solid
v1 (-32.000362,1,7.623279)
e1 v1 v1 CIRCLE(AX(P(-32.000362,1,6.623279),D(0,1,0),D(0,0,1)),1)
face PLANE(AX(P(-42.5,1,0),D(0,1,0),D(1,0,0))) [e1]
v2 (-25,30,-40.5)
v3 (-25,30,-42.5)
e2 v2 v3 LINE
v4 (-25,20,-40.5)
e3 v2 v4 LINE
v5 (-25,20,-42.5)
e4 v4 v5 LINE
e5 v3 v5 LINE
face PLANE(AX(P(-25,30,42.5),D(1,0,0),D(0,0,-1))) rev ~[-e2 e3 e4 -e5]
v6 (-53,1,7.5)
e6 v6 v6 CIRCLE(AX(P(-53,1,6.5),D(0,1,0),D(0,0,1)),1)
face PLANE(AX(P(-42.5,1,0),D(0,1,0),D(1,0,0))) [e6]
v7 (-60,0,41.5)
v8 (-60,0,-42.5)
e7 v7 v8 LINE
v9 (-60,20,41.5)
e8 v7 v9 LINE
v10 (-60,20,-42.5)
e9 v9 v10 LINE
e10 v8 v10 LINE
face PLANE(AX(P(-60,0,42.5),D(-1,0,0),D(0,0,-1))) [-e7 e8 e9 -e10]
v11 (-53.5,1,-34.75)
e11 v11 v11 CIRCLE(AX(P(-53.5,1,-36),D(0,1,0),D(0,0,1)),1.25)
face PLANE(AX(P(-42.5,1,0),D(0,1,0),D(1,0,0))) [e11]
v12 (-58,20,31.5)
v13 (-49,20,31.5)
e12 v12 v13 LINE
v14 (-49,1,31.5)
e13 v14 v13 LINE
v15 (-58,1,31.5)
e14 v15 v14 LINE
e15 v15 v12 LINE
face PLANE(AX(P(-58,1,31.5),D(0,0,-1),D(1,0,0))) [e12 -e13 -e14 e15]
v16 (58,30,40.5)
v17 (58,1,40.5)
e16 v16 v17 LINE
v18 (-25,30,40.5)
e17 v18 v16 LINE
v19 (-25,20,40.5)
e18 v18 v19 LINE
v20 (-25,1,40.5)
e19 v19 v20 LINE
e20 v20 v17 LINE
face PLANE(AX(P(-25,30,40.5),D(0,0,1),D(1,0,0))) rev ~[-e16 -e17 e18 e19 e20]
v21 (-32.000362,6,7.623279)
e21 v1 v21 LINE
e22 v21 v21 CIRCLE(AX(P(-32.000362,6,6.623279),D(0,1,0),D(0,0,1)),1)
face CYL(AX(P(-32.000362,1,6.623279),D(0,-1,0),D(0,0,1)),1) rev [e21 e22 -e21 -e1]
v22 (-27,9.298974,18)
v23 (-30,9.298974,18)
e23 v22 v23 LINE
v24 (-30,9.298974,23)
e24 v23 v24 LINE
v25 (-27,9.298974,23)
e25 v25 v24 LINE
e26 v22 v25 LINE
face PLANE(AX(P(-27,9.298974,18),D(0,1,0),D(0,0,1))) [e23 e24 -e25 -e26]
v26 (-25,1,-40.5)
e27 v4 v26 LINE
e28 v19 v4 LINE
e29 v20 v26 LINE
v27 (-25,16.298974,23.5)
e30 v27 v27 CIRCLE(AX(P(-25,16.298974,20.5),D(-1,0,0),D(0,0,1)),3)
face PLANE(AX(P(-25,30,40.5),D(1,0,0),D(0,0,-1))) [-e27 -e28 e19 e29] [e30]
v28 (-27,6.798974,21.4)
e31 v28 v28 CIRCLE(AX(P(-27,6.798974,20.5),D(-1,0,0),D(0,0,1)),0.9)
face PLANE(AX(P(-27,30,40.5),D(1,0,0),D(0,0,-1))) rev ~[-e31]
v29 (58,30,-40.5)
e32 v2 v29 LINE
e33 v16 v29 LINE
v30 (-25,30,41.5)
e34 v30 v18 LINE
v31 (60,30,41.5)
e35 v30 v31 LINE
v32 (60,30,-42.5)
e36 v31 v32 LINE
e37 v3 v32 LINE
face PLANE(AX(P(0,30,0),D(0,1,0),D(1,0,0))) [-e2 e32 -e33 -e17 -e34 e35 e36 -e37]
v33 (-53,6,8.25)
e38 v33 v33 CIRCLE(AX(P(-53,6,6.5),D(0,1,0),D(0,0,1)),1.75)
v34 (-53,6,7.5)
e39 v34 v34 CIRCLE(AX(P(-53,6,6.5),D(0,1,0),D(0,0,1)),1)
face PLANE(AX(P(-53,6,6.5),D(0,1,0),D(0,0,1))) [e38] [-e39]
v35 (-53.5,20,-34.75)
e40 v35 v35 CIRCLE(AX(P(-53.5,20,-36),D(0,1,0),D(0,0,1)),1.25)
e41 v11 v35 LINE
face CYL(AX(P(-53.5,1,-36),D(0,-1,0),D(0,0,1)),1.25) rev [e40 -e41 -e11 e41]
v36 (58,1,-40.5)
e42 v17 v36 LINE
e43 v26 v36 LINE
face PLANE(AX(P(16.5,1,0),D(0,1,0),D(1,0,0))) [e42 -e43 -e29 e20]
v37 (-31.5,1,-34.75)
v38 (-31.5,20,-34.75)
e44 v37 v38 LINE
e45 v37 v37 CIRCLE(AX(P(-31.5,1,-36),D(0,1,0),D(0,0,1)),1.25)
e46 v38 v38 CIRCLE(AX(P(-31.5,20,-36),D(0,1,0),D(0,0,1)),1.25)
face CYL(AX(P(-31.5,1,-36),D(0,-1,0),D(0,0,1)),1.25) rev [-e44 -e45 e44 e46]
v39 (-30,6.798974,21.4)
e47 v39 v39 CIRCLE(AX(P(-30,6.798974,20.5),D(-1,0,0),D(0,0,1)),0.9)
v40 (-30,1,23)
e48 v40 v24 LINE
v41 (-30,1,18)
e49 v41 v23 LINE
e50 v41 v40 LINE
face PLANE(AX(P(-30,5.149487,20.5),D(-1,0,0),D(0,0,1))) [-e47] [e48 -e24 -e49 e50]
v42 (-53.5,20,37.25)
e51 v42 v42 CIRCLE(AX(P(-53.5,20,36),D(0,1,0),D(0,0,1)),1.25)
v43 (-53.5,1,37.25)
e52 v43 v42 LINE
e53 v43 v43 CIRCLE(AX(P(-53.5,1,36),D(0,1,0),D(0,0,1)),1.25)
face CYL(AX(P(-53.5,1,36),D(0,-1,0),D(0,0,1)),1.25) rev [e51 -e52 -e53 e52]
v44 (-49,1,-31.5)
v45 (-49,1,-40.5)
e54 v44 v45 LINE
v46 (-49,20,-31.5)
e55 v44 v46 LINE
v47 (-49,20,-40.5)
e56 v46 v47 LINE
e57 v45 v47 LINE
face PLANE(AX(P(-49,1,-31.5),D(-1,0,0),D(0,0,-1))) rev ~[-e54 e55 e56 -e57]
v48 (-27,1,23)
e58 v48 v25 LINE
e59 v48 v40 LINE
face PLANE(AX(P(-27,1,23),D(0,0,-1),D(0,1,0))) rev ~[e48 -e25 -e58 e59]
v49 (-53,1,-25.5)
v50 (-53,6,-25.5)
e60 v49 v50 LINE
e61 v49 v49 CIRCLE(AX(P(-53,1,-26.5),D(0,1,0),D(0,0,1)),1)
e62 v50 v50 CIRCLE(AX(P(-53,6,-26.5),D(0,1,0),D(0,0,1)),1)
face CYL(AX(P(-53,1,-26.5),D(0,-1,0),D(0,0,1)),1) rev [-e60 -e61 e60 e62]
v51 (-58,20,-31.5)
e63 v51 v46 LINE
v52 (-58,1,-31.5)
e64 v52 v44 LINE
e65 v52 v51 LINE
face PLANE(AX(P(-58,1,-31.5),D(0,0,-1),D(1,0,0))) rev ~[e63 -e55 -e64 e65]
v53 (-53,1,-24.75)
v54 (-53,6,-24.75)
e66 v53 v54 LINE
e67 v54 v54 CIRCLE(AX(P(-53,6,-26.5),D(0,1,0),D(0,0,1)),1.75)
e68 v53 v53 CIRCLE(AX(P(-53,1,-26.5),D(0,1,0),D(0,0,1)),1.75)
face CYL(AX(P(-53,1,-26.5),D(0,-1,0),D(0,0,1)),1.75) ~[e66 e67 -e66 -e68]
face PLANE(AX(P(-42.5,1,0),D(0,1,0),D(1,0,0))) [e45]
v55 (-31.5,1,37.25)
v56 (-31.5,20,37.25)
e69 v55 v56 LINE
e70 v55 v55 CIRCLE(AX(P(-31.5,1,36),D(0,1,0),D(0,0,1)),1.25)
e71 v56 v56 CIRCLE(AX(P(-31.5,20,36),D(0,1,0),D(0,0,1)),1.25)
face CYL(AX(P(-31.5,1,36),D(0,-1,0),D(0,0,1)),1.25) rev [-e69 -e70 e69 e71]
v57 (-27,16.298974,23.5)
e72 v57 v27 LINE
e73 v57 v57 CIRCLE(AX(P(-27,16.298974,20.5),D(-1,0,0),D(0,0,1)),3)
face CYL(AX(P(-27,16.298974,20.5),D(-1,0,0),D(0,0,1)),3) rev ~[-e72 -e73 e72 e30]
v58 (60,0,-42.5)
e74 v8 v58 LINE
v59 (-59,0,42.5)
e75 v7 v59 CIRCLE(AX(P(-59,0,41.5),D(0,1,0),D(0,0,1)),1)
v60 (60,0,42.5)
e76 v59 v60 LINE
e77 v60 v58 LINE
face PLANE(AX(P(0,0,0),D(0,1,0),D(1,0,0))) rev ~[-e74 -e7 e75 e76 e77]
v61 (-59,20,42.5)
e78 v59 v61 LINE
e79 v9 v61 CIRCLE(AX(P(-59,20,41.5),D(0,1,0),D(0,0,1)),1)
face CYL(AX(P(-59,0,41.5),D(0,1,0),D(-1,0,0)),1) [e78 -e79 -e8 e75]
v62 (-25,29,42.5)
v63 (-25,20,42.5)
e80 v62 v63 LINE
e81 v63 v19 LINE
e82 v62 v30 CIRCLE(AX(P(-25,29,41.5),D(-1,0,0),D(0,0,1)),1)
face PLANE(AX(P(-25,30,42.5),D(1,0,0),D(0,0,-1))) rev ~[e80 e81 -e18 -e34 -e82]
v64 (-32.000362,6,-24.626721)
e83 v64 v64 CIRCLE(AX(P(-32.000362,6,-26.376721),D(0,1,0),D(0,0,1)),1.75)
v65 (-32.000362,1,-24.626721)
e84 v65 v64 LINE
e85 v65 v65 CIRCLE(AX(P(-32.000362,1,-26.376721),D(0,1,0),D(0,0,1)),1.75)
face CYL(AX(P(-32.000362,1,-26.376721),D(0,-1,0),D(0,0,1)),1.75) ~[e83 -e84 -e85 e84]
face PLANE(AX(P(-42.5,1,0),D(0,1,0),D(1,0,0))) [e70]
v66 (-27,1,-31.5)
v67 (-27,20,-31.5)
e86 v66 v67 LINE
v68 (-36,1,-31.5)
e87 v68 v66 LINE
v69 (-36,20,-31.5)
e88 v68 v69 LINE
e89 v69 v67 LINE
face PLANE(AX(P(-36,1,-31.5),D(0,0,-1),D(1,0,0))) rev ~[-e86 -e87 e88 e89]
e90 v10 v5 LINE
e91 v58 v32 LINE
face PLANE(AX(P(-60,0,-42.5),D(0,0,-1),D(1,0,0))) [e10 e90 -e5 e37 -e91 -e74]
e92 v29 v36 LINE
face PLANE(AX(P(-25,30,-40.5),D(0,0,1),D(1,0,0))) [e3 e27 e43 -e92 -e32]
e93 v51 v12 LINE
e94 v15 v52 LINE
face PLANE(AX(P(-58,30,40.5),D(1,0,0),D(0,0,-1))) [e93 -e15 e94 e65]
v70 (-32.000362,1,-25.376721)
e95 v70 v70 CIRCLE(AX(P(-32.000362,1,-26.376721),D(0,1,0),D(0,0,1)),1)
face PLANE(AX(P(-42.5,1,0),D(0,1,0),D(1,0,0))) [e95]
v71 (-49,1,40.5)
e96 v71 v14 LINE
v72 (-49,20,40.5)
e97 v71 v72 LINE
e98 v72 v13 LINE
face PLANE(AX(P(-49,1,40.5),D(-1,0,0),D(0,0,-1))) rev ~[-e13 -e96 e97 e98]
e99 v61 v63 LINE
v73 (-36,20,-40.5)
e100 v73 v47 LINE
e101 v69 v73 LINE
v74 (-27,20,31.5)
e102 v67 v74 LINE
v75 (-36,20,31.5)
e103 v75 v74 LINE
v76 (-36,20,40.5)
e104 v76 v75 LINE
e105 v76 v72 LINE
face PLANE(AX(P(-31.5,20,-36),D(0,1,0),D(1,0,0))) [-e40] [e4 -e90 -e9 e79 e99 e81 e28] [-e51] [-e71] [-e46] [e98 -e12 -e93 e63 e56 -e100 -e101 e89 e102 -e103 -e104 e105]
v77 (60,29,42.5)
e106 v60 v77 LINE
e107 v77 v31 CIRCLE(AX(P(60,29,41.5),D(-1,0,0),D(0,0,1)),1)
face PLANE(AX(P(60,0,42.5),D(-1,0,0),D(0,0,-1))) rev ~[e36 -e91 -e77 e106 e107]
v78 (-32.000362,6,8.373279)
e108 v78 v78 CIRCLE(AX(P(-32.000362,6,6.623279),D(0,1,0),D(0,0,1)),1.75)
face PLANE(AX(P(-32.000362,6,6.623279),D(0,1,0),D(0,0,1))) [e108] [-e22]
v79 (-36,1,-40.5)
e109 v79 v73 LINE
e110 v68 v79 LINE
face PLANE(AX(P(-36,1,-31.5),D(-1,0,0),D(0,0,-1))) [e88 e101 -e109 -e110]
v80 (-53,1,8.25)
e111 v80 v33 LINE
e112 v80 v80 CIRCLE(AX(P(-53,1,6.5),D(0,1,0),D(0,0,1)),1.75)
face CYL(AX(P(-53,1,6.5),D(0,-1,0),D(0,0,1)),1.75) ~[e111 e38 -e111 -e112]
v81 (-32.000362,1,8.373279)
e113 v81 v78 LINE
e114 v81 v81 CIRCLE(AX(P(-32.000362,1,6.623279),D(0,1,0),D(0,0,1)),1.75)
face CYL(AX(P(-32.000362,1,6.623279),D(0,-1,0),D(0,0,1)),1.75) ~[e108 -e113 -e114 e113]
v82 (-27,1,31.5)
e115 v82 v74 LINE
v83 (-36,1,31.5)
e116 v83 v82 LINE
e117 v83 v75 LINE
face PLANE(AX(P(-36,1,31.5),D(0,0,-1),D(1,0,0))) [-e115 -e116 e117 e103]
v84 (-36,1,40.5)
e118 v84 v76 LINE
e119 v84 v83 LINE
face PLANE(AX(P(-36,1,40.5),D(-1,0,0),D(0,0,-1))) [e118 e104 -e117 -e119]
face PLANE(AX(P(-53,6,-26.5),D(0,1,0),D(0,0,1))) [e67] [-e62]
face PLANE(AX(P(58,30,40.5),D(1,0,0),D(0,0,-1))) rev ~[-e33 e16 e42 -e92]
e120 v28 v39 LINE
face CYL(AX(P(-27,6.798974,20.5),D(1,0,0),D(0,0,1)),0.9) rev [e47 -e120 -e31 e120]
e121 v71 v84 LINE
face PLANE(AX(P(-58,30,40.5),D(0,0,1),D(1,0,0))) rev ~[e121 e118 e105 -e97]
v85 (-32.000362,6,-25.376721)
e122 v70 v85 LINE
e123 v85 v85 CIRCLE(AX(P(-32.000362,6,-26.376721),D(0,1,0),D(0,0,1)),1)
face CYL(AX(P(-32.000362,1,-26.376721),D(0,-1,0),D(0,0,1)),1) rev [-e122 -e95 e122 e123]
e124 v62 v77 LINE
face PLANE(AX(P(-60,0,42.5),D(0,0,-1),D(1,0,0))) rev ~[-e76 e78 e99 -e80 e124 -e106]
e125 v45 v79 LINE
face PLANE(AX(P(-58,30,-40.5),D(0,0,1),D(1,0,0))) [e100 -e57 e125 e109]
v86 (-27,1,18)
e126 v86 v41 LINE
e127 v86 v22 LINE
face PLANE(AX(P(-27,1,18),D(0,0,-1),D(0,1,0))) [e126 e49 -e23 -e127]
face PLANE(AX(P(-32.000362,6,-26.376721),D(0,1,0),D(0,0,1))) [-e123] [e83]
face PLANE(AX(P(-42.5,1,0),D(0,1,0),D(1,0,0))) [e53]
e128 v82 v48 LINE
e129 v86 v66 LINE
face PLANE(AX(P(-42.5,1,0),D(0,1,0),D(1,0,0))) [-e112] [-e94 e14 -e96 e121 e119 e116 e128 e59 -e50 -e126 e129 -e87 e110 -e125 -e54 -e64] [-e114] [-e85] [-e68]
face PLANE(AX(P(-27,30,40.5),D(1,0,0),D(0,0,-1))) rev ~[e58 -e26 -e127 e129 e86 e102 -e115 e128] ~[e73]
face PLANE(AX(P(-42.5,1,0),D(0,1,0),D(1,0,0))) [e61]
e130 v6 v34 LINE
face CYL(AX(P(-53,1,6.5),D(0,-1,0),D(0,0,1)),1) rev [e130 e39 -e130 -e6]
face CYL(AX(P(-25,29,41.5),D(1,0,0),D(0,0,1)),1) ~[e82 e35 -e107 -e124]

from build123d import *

# Parameters (mm, degrees)
SKETCH1_W           = 120
SKETCH1_H           = 85
BOSS_EXTRUDE1_DEPTH = 30
SKETCH2_W           = 83
SKETCH2_H           = 81
CUT_EXTRUDE1_DEPTH  = 29
SKETCH3_W           = 31
SKETCH3_H           = 81
CUT_EXTRUDE2_DEPTH  = 29
SKETCH4_W           = 35
SKETCH4_H           = 85
CUT_EXTRUDE3_DEPTH  = 10
SKETCH5_W           = 9
SKETCH5_H           = 9
SKETCH5_R           = 1.25
BOSS_EXTRUDE2_DEPTH = 19
SKETCH6_R           = 1.75
SKETCH6_R_2         = 1
BOSS_EXTRUDE3_DEPTH = 5
SKETCH7_W           = 5
SKETCH7_H           = 8.298973679
SKETCH7_R           = 0.9
BOSS_EXTRUDE4_DEPTH = 3
SKETCH8_R           = 3
CUT_EXTRUDE4_DEPTH  = 2
FILLET1_R           = 1


with BuildPart() as part:
    # Sketch1 → Boss-Extrude1 (new body)
    with BuildSketch(Plane(origin=(0, 0, 0), x_dir=(1, 0, 0), z_dir=(0, 1, 0))):
        Rectangle(SKETCH1_W, SKETCH1_H)
    extrude(amount=BOSS_EXTRUDE1_DEPTH)

    # Sketch2 → Cut-Extrude1 (cut)
    with BuildSketch(Plane(origin=(0, 30, 0), x_dir=(1, 0, 0), z_dir=(0, 1, 0))):
        with Locations((16.5, 0)):
            Rectangle(SKETCH2_W, SKETCH2_H)
    extrude(amount=-CUT_EXTRUDE1_DEPTH, mode=Mode.SUBTRACT)

    # Sketch3 → Cut-Extrude2 (cut)
    with BuildSketch(Plane(origin=(0, 30, 0), x_dir=(1, 0, 0), z_dir=(0, 1, 0))):
        with Locations((-42.5, 0)):
            Rectangle(SKETCH3_W, SKETCH3_H)
    extrude(amount=-CUT_EXTRUDE2_DEPTH, mode=Mode.SUBTRACT)

    # Sketch4 → Cut-Extrude3 (cut)
    with BuildSketch(Plane(origin=(0, 30, 0), x_dir=(1, 0, 0), z_dir=(0, 1, 0))):
        with Locations((-42.5, 0)):
            Rectangle(SKETCH4_W, SKETCH4_H)
    extrude(amount=-CUT_EXTRUDE3_DEPTH, mode=Mode.SUBTRACT)

    # Sketch5 → Boss-Extrude2 (add)
    # profile 1 of 4: a face of its own
    with BuildSketch(Plane(origin=(0, 1, 0), x_dir=(1, 0, 0), z_dir=(0, 1, 0))):
        with Locations((-31.5, 36)):
            Rectangle(SKETCH5_W, SKETCH5_H)
        with Locations(Location((-31.5, 36, 0), (0, 0, 270))):
            Circle(SKETCH5_R, mode=Mode.SUBTRACT)
    # profile 2 of 4: a face of its own
    with BuildSketch(Plane(origin=(0, 1, 0), x_dir=(1, 0, 0), z_dir=(0, 1, 0))):
        with Locations((-53.5, 36)):
            Rectangle(SKETCH5_W, SKETCH5_H)
        with Locations(Location((-53.5, 36, 0), (0, 0, 270))):
            Circle(SKETCH5_R, mode=Mode.SUBTRACT)
    # profile 3 of 4: a face of its own
    with BuildSketch(Plane(origin=(0, 1, 0), x_dir=(1, 0, 0), z_dir=(0, 1, 0))):
        with Locations((-31.5, -36)):
            Rectangle(SKETCH5_W, SKETCH5_H)
        with Locations(Location((-31.5, -36, 0), (0, 0, 270))):
            Circle(SKETCH5_R, mode=Mode.SUBTRACT)
    # profile 4 of 4: a face of its own
    with BuildSketch(Plane(origin=(0, 1, 0), x_dir=(1, 0, 0), z_dir=(0, 1, 0))):
        with Locations((-53.5, -36)):
            Rectangle(SKETCH5_W, SKETCH5_H)
        with Locations(Location((-53.5, -36, 0), (0, 0, 270))):
            Circle(SKETCH5_R, mode=Mode.SUBTRACT)
    extrude(amount=BOSS_EXTRUDE2_DEPTH)

    # Sketch6 → Boss-Extrude3 (add)
    # profile 1 of 4: a face of its own
    with BuildSketch(Plane(origin=(0, 1, 0), x_dir=(1, 0, 0), z_dir=(0, 1, 0))):
        with Locations(Location((-53, 26.5, 0), (0, 0, 270))):
            Circle(SKETCH6_R)
        with Locations(Location((-53, 26.5, 0), (0, 0, 270))):
            Circle(SKETCH6_R_2, mode=Mode.SUBTRACT)
    # profile 2 of 4: a face of its own
    with BuildSketch(Plane(origin=(0, 1, 0), x_dir=(1, 0, 0), z_dir=(0, 1, 0))):
        with Locations(Location((-32.000361852, 26.376721252, 0), (0, 0, 270))):
            Circle(SKETCH6_R)
        with Locations(Location((-32.000361852, 26.376721252, 0), (0, 0, 270))):
            Circle(SKETCH6_R_2, mode=Mode.SUBTRACT)
    # profile 3 of 4: a face of its own
    with BuildSketch(Plane(origin=(0, 1, 0), x_dir=(1, 0, 0), z_dir=(0, 1, 0))):
        with Locations(Location((-32.000361852, -6.623278748, 0), (0, 0, 270))):
            Circle(SKETCH6_R)
        with Locations(Location((-32.000361852, -6.623278748, 0), (0, 0, 270))):
            Circle(SKETCH6_R_2, mode=Mode.SUBTRACT)
    # profile 4 of 4: a face of its own
    with BuildSketch(Plane(origin=(0, 1, 0), x_dir=(1, 0, 0), z_dir=(0, 1, 0))):
        with Locations(Location((-53, -6.5, 0), (0, 0, 270))):
            Circle(SKETCH6_R)
        with Locations(Location((-53, -6.5, 0), (0, 0, 270))):
            Circle(SKETCH6_R_2, mode=Mode.SUBTRACT)
    extrude(amount=BOSS_EXTRUDE3_DEPTH)

    # Sketch7 → Boss-Extrude4 (add)
    with BuildSketch(Plane.ZY.offset(27)):
        with Locations((20.5, 5.14948684)):
            Rectangle(SKETCH7_W, SKETCH7_H)
        with Locations((20.5, 6.798973679)):
            Circle(SKETCH7_R, mode=Mode.SUBTRACT)
    extrude(amount=BOSS_EXTRUDE4_DEPTH)

    # Sketch8 → Cut-Extrude4 (cut)
    with BuildSketch(Plane.ZY.offset(27)):
        with Locations((20.5, 16.298973679)):
            Circle(SKETCH8_R)
    extrude(amount=-CUT_EXTRUDE4_DEPTH, mode=Mode.SUBTRACT)

    # Fillet1
    fillet1_edges = [part.edges().sort_by_distance(p)[0] for p in [
        (17.5, 30, 42.5),
        (-60, 10, 42.5),
    ]]
    fillet(fillet1_edges, radius=FILLET1_R)


solid = part.part
